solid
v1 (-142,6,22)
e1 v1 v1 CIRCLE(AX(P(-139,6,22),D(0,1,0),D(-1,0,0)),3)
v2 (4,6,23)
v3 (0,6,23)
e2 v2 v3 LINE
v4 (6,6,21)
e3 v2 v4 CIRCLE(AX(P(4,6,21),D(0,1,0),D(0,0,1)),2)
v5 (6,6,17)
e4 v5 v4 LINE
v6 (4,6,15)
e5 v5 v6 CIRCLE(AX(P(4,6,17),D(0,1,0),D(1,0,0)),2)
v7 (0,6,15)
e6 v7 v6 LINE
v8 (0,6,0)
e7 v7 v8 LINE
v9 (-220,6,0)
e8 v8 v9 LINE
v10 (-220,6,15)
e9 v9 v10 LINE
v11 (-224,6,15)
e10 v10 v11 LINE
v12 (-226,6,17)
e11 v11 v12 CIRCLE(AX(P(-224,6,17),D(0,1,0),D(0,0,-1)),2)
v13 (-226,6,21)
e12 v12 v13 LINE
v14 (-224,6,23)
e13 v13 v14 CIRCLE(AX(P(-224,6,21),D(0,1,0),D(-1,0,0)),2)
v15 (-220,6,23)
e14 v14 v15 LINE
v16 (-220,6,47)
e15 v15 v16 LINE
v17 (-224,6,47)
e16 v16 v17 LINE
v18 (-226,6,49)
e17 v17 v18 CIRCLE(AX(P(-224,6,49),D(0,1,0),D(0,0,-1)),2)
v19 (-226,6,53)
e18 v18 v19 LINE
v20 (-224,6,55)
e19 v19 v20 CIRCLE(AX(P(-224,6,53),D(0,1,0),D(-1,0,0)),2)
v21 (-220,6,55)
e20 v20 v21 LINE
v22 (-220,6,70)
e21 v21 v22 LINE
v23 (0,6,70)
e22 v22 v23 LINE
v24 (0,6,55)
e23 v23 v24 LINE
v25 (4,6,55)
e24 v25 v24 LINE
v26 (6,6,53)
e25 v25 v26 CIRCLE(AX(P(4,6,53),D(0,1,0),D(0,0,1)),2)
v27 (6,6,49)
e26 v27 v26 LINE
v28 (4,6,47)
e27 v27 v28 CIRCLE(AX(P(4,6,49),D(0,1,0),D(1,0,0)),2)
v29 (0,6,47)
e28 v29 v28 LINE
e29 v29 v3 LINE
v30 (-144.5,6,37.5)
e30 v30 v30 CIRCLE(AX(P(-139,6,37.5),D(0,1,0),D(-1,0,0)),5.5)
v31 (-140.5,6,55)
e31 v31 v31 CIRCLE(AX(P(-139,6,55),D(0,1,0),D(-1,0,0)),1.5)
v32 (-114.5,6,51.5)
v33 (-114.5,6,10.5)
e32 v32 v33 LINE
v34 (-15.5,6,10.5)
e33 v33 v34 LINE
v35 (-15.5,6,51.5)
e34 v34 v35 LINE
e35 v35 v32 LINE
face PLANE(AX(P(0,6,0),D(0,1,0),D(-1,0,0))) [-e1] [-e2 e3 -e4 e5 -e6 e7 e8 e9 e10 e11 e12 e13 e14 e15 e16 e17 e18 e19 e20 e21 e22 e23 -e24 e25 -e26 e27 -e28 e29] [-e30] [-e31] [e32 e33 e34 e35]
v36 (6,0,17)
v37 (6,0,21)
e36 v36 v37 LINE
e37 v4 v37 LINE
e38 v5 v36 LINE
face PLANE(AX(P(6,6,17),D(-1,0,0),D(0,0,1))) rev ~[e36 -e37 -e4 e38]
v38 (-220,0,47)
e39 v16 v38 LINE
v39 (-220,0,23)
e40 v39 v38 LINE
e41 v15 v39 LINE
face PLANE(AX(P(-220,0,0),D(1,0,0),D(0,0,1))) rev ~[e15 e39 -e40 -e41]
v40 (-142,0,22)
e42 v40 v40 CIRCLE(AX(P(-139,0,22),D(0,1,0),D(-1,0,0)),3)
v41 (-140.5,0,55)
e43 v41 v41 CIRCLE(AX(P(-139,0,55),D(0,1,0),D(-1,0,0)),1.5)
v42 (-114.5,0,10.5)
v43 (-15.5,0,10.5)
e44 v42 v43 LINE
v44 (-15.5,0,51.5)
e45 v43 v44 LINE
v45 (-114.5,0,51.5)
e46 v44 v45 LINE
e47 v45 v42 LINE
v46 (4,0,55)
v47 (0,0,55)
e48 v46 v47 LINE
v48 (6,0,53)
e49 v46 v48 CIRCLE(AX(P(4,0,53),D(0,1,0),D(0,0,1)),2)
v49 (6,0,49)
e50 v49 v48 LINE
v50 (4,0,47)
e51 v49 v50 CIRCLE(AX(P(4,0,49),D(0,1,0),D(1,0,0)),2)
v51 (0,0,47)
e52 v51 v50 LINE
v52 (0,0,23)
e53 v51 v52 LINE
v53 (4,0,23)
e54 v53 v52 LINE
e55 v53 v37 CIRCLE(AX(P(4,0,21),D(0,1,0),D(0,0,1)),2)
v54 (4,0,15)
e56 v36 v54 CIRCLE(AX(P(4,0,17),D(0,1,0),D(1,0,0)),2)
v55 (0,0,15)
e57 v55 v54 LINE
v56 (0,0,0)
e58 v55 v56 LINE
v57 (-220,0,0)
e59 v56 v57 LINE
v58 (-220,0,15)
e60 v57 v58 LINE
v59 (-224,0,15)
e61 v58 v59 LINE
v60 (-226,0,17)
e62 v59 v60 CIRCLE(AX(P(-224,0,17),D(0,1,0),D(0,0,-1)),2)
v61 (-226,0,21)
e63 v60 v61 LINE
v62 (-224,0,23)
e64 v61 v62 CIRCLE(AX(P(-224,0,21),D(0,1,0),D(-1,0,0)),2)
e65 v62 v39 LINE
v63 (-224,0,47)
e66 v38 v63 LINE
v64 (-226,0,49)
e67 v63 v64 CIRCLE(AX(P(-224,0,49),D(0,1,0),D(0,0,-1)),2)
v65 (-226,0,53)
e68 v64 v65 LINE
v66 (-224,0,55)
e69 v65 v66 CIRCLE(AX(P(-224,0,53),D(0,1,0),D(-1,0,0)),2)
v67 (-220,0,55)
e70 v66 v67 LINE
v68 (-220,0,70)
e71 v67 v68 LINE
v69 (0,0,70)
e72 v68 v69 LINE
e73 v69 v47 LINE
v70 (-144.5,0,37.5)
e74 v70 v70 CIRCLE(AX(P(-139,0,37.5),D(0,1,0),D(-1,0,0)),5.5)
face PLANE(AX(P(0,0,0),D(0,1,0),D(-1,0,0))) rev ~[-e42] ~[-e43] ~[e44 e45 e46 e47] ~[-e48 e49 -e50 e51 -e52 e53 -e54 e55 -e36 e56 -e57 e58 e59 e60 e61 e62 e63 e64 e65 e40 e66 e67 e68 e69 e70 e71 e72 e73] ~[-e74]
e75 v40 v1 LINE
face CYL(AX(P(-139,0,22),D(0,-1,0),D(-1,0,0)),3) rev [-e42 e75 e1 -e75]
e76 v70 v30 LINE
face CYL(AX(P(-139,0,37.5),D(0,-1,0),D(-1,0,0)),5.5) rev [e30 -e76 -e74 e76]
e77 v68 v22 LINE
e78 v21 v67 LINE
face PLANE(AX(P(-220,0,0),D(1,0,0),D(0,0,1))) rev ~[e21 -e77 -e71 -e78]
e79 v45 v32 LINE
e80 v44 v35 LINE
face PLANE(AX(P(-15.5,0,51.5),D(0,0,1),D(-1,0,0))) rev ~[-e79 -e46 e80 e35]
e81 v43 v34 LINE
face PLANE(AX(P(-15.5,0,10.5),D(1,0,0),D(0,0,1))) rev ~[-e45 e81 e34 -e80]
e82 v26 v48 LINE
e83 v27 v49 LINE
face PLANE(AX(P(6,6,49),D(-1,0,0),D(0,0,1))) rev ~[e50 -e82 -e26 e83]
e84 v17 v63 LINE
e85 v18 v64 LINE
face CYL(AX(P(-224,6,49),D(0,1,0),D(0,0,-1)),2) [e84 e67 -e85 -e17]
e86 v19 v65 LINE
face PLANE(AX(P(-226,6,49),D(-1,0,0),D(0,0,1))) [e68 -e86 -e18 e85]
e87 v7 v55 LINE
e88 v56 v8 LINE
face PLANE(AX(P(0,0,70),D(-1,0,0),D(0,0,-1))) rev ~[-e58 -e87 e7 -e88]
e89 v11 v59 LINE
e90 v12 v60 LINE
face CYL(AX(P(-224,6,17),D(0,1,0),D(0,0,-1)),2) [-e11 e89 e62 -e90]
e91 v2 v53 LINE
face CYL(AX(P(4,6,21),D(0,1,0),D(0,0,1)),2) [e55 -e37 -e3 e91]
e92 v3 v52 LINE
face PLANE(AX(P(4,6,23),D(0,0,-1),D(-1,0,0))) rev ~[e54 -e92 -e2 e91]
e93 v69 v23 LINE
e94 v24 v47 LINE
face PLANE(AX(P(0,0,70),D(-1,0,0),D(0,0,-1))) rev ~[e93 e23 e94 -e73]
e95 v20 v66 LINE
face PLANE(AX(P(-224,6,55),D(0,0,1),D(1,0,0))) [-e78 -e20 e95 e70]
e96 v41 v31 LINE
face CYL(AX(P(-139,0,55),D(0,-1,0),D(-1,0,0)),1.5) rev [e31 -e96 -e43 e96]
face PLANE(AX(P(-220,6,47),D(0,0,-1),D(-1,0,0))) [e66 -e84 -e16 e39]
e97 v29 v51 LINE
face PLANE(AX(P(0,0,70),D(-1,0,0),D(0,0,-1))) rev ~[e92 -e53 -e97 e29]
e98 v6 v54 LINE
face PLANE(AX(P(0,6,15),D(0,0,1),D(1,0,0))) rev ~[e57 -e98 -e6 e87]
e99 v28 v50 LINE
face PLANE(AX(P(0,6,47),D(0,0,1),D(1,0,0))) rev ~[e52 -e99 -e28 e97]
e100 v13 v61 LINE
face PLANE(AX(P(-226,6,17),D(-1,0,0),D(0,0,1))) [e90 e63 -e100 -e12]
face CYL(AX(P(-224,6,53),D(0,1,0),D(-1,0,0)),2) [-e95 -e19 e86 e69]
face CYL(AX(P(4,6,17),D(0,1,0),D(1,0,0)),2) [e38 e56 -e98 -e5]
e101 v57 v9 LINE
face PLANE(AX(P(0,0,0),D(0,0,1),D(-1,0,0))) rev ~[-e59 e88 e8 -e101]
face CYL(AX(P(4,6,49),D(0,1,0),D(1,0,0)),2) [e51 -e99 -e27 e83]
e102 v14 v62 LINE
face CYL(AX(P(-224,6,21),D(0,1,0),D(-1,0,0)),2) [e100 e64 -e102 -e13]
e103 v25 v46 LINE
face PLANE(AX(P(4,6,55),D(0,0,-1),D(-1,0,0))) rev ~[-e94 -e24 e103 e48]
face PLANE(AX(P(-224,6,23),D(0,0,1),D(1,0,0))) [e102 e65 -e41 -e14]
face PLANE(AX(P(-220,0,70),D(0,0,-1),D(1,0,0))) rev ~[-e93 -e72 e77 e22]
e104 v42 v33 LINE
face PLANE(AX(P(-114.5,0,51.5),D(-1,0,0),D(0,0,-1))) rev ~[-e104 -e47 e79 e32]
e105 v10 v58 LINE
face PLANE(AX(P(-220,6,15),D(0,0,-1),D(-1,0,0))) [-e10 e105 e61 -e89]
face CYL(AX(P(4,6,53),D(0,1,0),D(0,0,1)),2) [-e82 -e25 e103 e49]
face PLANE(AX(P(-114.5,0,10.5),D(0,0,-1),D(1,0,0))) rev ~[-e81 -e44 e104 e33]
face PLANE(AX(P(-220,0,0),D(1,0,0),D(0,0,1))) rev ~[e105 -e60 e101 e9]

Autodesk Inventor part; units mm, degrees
ref_plane "YZ Plane" through (0, 0, 0) normal (1, 0, 0) x (0, 1, 0)
ref_plane "XZ Plane" through (0, 0, 0) normal (0, 1, 0) x (-1, 0, 0)
ref_plane "XY Plane" through (0, 0, 0) normal (0, 0, 1) x (1, 0, 0)
sketch "Sketch1" plane through (0, 0, 0) normal (0, 1, 0) x (-1, 0, 0)
  line L0 (0, 0) -> (220, 0)
  line L1 (220, 0) -> (220, 70)
  line L2 (220, 70) -> (0, 70)
  line L3 (0, 70) -> (0, 0)
  line L4 (16, 51) -> (114, 51) construction
  line L5 (114, 51) -> (114, 11) construction
  line L6 (114, 11) -> (16, 11) construction
  line L7 (16, 11) -> (16, 51) construction
  line L8 (15.5, 51.5) -> (114.5, 51.5)
  line L9 (114.5, 51.5) -> (114.5, 10.5)
  line L10 (114.5, 10.5) -> (15.5, 10.5)
  line L11 (15.5, 10.5) -> (15.5, 51.5)
  circle A0 centre (139, 55) radius 1.5
  circle A1 centre (139, 37.5) radius 5.5
  circle A2 centre (139, 22) radius 3
  line L12 (2, 65) -> (152, 65) construction
  line L13 (152, 65) -> (152, 10) construction
  line L14 (152, 10) -> (2, 10) construction
  line L15 (2, 10) -> (2, 65) construction
  point P0 (65, 51.5)
  point P1 (65, 51)
  point P2 (114, 31)
  point P3 (114.5, 31)
  dimension "d11" = 220
  dimension "d106" = 40
  dimension "d107" = 98
  dimension "d108" = 99
  dimension "d109" = 41
  dimension "d110" = 25
  dimension "d111" = 6
  dimension "d112" = 15.5
  dimension "d113" = 17.5
  dimension "d114" = 13.5
  dimension "d115" = 3
  dimension "d116" = 11
  dimension "d117" = 55
  dimension "d118" = 150
  dimension "d119" = 14
  dimension "d120" = 14
  dimension "d121" = 5
  dimension "d122" = 2
  dimension "d123" = 10
extrude "Extrusion8" add sketch "Sketch1" along normal blind 6
sketch "Sketch7" plane through (0, 6, 0) normal (0, 1, 0) x (1, 0, 0)
  line L0 (0, 0) -> (-220, 0) projected
  line L1 (-220, 0) -> (-220, -70) projected
  line L2 (-220, -70) -> (0, -70) projected
  line L3 (0, -70) -> (0, 0) projected
  line L4 (-220, -15) -> (-224, -15)
  line L5 (-226, -17) -> (-226, -21)
  line L6 (-224, -23) -> (-220, -23)
  line L7 (-220, -23) -> (-220, -15)
  line L8 (-220, -47) -> (-224, -47)
  line L9 (-226, -49) -> (-226, -53)
  line L10 (-224, -55) -> (-220, -55)
  line L11 (-220, -55) -> (-220, -47)
  line L12 (0, -15) -> (4, -15)
  line L13 (6, -17) -> (6, -21)
  line L14 (4, -23) -> (0, -23)
  line L15 (0, -23) -> (0, -15)
  line L16 (0, -47) -> (4, -47)
  line L17 (6, -49) -> (6, -53)
  line L18 (4, -55) -> (0, -55)
  line L19 (0, -55) -> (0, -47)
  arc A0 (-224, -15) -> (-226, -17) centre (-224, -17) ccw
  arc A1 (-226, -21) -> (-224, -23) centre (-224, -21) ccw
  arc A2 (-224, -47) -> (-226, -49) centre (-224, -49) ccw
  arc A3 (-226, -53) -> (-224, -55) centre (-224, -53) ccw
  arc A4 (6, -17) -> (4, -15) centre (4, -17) ccw
  arc A5 (4, -23) -> (6, -21) centre (4, -21) ccw
  arc A6 (6, -49) -> (4, -47) centre (4, -49) ccw
  arc A7 (4, -55) -> (6, -53) centre (4, -53) ccw
  dimension "d126" = 2
  dimension "d127" = 15
  dimension "d128" = 8
  dimension "d129" = 8
  dimension "d130" = 15
  dimension "d131" = 6
  dimension "d132" = 6
extrude "Extrusion9" add sketch "Sketch7" against normal blind 6 contours L12 A4 L13 A5 L14 L3 | L1 L6 A1 L5 A0 L4 | L16 A6 L17 A7 L18 L3 | L1 L10 A3 L9 A2 L8
properties part number "front_panel_2004_display"
